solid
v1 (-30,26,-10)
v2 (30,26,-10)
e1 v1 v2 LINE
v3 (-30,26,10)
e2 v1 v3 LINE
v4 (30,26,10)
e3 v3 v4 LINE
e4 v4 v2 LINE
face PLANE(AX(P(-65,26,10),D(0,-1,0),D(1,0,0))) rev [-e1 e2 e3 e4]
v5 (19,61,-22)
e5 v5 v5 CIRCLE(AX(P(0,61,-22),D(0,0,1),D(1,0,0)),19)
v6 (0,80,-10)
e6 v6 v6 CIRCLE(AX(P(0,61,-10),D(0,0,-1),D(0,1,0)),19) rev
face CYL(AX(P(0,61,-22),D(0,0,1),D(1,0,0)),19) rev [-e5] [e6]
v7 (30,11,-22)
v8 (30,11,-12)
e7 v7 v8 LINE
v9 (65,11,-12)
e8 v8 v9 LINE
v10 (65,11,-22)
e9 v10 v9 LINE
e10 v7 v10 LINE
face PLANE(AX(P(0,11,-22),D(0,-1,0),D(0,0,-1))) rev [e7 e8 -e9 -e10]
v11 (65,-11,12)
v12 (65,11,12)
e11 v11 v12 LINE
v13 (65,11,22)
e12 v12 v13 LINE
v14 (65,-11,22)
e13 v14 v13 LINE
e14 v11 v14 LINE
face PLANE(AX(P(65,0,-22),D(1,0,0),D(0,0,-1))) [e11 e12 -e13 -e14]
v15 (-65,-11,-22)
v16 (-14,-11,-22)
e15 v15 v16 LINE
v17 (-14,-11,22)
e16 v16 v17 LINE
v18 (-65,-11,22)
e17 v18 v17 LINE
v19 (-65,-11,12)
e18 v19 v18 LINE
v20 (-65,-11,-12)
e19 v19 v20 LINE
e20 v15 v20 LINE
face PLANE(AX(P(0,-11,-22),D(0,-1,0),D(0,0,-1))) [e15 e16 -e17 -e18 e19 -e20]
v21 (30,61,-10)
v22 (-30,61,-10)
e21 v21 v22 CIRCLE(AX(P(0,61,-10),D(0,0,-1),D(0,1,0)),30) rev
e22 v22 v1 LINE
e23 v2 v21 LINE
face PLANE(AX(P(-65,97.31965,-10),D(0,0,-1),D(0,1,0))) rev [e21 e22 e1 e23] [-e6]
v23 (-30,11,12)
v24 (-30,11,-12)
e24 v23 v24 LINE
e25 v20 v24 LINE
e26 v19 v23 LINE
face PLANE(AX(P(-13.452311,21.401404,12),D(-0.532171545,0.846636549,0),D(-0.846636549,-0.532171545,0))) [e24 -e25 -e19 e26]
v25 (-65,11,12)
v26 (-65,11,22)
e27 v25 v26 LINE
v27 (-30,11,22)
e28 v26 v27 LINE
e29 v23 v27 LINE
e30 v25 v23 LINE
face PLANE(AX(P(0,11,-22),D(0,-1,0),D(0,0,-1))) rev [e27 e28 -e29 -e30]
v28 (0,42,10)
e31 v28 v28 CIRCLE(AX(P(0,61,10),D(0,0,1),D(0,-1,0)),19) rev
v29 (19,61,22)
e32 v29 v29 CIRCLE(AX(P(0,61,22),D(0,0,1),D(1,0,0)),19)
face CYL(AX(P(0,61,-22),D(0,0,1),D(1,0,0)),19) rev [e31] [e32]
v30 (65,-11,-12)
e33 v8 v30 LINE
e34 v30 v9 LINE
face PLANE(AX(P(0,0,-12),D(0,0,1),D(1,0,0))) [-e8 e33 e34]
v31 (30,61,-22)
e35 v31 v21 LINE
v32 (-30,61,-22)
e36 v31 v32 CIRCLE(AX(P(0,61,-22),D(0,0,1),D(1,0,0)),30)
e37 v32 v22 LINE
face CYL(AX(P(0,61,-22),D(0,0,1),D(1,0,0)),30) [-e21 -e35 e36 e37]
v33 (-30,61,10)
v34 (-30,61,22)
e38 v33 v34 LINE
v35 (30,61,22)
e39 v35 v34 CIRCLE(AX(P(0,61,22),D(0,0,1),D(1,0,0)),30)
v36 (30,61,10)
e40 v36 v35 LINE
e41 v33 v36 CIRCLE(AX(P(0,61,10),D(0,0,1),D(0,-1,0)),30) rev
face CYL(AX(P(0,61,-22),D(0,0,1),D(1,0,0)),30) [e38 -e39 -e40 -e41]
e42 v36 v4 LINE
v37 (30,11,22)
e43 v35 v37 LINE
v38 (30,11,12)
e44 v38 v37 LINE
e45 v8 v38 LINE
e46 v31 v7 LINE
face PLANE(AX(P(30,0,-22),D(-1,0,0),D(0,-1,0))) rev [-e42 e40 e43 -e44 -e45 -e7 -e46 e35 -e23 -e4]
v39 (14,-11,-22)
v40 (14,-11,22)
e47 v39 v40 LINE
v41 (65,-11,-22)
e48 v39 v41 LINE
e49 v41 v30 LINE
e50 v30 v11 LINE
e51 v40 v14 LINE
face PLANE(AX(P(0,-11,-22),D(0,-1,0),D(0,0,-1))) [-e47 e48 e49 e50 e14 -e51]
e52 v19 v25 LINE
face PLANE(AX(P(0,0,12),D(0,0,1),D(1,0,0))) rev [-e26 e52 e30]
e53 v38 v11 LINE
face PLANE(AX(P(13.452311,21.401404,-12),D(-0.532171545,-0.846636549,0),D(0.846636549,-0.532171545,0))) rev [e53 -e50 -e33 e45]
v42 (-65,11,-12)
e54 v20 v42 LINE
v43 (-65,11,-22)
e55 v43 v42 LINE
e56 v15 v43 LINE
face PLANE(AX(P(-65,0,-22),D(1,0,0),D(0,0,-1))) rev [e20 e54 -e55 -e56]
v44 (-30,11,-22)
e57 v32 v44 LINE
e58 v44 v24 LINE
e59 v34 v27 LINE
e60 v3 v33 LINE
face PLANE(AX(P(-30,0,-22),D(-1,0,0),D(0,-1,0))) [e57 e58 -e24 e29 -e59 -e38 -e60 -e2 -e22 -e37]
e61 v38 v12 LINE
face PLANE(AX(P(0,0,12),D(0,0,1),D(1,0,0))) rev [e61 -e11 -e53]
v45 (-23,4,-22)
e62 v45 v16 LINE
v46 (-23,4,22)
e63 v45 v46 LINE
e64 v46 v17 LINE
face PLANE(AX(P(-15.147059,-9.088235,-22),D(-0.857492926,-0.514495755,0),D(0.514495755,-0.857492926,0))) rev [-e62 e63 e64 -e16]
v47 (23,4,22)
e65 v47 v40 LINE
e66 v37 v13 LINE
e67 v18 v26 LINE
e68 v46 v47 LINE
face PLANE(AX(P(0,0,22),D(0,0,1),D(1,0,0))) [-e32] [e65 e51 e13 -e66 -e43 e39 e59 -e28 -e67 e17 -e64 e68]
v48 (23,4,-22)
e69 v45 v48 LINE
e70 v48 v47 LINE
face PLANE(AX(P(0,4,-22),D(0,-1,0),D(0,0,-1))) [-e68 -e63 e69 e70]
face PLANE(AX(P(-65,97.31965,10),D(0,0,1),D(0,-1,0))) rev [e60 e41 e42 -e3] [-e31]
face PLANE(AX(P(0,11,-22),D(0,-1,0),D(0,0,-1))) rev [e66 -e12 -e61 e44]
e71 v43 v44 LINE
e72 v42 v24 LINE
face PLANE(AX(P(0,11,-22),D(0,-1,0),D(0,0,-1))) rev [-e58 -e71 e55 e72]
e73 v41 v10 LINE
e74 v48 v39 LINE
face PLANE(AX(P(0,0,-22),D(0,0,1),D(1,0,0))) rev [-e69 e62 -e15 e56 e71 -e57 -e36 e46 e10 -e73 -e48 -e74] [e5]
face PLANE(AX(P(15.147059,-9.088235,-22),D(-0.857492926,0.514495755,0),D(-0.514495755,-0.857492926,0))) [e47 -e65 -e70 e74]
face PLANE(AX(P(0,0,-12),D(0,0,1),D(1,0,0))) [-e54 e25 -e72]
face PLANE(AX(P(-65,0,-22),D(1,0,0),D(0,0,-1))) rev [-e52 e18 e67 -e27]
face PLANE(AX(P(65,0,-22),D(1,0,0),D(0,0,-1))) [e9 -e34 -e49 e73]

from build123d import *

# Parameters (mm, degrees)
BOSS_EXTRUDE1_DEPTH      = 22
BOSS_EXTRUDE1_DEPTH_BACK = 22
CUT_EXTRUDE1_DEPTH       = 12
CUT_EXTRUDE1_DEPTH_BACK  = 12
BOSS_EXTRUDE2_DEPTH      = 22
BOSS_EXTRUDE2_DEPTH_BACK = 22
SKETCH1_4_R              = 19
SKETCH2_W                = 20
SKETCH2_H                = 71.319649742
CUT_EXTRUDE2_DEPTH       = 134.379158792


with BuildPart() as part:
    # Sketch1 → Boss-Extrude1 (new, two sides: drawn at the far end of the back side and taken through both)
    with BuildSketch(Plane.XY.offset(-BOSS_EXTRUDE1_DEPTH_BACK)):
        Polygon((-65, 11), (-65, -11), (-14, -11), (-23, 4), (23, 4), (14, -11), (65, -11), (65, 11), align=None)
    extrude(amount=BOSS_EXTRUDE1_DEPTH + BOSS_EXTRUDE1_DEPTH_BACK)

    # Sketch1<3> → Cut-Extrude1 (cut, two sides: drawn at the far end of the back side and taken through both)
    with BuildSketch(Plane.XY.offset(-CUT_EXTRUDE1_DEPTH_BACK)):
        Polygon((-65, 11), (-65, -11), (-30, 11), align=None)
        Polygon((65, 11), (30, 11), (65, -11), align=None)
    extrude(amount=CUT_EXTRUDE1_DEPTH + CUT_EXTRUDE1_DEPTH_BACK, mode=Mode.SUBTRACT)

    # Sketch1<4> → Boss-Extrude2 (add, two sides: drawn at the far end of the back side and taken through both)
    with BuildSketch(Plane.XY.offset(-BOSS_EXTRUDE2_DEPTH_BACK)):
        with BuildLine():
            Line((-30, 61), (-30, 11))
            Line((-30, 11), (30, 11))
            Line((30, 11), (30, 61))
            ThreePointArc((30, 61), (0, 91), (-30, 61))
        make_face()
        with Locations((0, 61)):
            Circle(SKETCH1_4_R, mode=Mode.SUBTRACT)
    extrude(amount=BOSS_EXTRUDE2_DEPTH + BOSS_EXTRUDE2_DEPTH_BACK)

    # Sketch2 → Cut-Extrude2 (cut, through all)
    with BuildSketch(Plane(origin=(30, 0, 0), x_dir=(0, 0, -1), z_dir=(1, 0, 0))):
        with Locations((0, 61.659824871)):
            Rectangle(SKETCH2_W, SKETCH2_H)
    extrude(amount=-CUT_EXTRUDE2_DEPTH, mode=Mode.SUBTRACT)


solid = part.part
